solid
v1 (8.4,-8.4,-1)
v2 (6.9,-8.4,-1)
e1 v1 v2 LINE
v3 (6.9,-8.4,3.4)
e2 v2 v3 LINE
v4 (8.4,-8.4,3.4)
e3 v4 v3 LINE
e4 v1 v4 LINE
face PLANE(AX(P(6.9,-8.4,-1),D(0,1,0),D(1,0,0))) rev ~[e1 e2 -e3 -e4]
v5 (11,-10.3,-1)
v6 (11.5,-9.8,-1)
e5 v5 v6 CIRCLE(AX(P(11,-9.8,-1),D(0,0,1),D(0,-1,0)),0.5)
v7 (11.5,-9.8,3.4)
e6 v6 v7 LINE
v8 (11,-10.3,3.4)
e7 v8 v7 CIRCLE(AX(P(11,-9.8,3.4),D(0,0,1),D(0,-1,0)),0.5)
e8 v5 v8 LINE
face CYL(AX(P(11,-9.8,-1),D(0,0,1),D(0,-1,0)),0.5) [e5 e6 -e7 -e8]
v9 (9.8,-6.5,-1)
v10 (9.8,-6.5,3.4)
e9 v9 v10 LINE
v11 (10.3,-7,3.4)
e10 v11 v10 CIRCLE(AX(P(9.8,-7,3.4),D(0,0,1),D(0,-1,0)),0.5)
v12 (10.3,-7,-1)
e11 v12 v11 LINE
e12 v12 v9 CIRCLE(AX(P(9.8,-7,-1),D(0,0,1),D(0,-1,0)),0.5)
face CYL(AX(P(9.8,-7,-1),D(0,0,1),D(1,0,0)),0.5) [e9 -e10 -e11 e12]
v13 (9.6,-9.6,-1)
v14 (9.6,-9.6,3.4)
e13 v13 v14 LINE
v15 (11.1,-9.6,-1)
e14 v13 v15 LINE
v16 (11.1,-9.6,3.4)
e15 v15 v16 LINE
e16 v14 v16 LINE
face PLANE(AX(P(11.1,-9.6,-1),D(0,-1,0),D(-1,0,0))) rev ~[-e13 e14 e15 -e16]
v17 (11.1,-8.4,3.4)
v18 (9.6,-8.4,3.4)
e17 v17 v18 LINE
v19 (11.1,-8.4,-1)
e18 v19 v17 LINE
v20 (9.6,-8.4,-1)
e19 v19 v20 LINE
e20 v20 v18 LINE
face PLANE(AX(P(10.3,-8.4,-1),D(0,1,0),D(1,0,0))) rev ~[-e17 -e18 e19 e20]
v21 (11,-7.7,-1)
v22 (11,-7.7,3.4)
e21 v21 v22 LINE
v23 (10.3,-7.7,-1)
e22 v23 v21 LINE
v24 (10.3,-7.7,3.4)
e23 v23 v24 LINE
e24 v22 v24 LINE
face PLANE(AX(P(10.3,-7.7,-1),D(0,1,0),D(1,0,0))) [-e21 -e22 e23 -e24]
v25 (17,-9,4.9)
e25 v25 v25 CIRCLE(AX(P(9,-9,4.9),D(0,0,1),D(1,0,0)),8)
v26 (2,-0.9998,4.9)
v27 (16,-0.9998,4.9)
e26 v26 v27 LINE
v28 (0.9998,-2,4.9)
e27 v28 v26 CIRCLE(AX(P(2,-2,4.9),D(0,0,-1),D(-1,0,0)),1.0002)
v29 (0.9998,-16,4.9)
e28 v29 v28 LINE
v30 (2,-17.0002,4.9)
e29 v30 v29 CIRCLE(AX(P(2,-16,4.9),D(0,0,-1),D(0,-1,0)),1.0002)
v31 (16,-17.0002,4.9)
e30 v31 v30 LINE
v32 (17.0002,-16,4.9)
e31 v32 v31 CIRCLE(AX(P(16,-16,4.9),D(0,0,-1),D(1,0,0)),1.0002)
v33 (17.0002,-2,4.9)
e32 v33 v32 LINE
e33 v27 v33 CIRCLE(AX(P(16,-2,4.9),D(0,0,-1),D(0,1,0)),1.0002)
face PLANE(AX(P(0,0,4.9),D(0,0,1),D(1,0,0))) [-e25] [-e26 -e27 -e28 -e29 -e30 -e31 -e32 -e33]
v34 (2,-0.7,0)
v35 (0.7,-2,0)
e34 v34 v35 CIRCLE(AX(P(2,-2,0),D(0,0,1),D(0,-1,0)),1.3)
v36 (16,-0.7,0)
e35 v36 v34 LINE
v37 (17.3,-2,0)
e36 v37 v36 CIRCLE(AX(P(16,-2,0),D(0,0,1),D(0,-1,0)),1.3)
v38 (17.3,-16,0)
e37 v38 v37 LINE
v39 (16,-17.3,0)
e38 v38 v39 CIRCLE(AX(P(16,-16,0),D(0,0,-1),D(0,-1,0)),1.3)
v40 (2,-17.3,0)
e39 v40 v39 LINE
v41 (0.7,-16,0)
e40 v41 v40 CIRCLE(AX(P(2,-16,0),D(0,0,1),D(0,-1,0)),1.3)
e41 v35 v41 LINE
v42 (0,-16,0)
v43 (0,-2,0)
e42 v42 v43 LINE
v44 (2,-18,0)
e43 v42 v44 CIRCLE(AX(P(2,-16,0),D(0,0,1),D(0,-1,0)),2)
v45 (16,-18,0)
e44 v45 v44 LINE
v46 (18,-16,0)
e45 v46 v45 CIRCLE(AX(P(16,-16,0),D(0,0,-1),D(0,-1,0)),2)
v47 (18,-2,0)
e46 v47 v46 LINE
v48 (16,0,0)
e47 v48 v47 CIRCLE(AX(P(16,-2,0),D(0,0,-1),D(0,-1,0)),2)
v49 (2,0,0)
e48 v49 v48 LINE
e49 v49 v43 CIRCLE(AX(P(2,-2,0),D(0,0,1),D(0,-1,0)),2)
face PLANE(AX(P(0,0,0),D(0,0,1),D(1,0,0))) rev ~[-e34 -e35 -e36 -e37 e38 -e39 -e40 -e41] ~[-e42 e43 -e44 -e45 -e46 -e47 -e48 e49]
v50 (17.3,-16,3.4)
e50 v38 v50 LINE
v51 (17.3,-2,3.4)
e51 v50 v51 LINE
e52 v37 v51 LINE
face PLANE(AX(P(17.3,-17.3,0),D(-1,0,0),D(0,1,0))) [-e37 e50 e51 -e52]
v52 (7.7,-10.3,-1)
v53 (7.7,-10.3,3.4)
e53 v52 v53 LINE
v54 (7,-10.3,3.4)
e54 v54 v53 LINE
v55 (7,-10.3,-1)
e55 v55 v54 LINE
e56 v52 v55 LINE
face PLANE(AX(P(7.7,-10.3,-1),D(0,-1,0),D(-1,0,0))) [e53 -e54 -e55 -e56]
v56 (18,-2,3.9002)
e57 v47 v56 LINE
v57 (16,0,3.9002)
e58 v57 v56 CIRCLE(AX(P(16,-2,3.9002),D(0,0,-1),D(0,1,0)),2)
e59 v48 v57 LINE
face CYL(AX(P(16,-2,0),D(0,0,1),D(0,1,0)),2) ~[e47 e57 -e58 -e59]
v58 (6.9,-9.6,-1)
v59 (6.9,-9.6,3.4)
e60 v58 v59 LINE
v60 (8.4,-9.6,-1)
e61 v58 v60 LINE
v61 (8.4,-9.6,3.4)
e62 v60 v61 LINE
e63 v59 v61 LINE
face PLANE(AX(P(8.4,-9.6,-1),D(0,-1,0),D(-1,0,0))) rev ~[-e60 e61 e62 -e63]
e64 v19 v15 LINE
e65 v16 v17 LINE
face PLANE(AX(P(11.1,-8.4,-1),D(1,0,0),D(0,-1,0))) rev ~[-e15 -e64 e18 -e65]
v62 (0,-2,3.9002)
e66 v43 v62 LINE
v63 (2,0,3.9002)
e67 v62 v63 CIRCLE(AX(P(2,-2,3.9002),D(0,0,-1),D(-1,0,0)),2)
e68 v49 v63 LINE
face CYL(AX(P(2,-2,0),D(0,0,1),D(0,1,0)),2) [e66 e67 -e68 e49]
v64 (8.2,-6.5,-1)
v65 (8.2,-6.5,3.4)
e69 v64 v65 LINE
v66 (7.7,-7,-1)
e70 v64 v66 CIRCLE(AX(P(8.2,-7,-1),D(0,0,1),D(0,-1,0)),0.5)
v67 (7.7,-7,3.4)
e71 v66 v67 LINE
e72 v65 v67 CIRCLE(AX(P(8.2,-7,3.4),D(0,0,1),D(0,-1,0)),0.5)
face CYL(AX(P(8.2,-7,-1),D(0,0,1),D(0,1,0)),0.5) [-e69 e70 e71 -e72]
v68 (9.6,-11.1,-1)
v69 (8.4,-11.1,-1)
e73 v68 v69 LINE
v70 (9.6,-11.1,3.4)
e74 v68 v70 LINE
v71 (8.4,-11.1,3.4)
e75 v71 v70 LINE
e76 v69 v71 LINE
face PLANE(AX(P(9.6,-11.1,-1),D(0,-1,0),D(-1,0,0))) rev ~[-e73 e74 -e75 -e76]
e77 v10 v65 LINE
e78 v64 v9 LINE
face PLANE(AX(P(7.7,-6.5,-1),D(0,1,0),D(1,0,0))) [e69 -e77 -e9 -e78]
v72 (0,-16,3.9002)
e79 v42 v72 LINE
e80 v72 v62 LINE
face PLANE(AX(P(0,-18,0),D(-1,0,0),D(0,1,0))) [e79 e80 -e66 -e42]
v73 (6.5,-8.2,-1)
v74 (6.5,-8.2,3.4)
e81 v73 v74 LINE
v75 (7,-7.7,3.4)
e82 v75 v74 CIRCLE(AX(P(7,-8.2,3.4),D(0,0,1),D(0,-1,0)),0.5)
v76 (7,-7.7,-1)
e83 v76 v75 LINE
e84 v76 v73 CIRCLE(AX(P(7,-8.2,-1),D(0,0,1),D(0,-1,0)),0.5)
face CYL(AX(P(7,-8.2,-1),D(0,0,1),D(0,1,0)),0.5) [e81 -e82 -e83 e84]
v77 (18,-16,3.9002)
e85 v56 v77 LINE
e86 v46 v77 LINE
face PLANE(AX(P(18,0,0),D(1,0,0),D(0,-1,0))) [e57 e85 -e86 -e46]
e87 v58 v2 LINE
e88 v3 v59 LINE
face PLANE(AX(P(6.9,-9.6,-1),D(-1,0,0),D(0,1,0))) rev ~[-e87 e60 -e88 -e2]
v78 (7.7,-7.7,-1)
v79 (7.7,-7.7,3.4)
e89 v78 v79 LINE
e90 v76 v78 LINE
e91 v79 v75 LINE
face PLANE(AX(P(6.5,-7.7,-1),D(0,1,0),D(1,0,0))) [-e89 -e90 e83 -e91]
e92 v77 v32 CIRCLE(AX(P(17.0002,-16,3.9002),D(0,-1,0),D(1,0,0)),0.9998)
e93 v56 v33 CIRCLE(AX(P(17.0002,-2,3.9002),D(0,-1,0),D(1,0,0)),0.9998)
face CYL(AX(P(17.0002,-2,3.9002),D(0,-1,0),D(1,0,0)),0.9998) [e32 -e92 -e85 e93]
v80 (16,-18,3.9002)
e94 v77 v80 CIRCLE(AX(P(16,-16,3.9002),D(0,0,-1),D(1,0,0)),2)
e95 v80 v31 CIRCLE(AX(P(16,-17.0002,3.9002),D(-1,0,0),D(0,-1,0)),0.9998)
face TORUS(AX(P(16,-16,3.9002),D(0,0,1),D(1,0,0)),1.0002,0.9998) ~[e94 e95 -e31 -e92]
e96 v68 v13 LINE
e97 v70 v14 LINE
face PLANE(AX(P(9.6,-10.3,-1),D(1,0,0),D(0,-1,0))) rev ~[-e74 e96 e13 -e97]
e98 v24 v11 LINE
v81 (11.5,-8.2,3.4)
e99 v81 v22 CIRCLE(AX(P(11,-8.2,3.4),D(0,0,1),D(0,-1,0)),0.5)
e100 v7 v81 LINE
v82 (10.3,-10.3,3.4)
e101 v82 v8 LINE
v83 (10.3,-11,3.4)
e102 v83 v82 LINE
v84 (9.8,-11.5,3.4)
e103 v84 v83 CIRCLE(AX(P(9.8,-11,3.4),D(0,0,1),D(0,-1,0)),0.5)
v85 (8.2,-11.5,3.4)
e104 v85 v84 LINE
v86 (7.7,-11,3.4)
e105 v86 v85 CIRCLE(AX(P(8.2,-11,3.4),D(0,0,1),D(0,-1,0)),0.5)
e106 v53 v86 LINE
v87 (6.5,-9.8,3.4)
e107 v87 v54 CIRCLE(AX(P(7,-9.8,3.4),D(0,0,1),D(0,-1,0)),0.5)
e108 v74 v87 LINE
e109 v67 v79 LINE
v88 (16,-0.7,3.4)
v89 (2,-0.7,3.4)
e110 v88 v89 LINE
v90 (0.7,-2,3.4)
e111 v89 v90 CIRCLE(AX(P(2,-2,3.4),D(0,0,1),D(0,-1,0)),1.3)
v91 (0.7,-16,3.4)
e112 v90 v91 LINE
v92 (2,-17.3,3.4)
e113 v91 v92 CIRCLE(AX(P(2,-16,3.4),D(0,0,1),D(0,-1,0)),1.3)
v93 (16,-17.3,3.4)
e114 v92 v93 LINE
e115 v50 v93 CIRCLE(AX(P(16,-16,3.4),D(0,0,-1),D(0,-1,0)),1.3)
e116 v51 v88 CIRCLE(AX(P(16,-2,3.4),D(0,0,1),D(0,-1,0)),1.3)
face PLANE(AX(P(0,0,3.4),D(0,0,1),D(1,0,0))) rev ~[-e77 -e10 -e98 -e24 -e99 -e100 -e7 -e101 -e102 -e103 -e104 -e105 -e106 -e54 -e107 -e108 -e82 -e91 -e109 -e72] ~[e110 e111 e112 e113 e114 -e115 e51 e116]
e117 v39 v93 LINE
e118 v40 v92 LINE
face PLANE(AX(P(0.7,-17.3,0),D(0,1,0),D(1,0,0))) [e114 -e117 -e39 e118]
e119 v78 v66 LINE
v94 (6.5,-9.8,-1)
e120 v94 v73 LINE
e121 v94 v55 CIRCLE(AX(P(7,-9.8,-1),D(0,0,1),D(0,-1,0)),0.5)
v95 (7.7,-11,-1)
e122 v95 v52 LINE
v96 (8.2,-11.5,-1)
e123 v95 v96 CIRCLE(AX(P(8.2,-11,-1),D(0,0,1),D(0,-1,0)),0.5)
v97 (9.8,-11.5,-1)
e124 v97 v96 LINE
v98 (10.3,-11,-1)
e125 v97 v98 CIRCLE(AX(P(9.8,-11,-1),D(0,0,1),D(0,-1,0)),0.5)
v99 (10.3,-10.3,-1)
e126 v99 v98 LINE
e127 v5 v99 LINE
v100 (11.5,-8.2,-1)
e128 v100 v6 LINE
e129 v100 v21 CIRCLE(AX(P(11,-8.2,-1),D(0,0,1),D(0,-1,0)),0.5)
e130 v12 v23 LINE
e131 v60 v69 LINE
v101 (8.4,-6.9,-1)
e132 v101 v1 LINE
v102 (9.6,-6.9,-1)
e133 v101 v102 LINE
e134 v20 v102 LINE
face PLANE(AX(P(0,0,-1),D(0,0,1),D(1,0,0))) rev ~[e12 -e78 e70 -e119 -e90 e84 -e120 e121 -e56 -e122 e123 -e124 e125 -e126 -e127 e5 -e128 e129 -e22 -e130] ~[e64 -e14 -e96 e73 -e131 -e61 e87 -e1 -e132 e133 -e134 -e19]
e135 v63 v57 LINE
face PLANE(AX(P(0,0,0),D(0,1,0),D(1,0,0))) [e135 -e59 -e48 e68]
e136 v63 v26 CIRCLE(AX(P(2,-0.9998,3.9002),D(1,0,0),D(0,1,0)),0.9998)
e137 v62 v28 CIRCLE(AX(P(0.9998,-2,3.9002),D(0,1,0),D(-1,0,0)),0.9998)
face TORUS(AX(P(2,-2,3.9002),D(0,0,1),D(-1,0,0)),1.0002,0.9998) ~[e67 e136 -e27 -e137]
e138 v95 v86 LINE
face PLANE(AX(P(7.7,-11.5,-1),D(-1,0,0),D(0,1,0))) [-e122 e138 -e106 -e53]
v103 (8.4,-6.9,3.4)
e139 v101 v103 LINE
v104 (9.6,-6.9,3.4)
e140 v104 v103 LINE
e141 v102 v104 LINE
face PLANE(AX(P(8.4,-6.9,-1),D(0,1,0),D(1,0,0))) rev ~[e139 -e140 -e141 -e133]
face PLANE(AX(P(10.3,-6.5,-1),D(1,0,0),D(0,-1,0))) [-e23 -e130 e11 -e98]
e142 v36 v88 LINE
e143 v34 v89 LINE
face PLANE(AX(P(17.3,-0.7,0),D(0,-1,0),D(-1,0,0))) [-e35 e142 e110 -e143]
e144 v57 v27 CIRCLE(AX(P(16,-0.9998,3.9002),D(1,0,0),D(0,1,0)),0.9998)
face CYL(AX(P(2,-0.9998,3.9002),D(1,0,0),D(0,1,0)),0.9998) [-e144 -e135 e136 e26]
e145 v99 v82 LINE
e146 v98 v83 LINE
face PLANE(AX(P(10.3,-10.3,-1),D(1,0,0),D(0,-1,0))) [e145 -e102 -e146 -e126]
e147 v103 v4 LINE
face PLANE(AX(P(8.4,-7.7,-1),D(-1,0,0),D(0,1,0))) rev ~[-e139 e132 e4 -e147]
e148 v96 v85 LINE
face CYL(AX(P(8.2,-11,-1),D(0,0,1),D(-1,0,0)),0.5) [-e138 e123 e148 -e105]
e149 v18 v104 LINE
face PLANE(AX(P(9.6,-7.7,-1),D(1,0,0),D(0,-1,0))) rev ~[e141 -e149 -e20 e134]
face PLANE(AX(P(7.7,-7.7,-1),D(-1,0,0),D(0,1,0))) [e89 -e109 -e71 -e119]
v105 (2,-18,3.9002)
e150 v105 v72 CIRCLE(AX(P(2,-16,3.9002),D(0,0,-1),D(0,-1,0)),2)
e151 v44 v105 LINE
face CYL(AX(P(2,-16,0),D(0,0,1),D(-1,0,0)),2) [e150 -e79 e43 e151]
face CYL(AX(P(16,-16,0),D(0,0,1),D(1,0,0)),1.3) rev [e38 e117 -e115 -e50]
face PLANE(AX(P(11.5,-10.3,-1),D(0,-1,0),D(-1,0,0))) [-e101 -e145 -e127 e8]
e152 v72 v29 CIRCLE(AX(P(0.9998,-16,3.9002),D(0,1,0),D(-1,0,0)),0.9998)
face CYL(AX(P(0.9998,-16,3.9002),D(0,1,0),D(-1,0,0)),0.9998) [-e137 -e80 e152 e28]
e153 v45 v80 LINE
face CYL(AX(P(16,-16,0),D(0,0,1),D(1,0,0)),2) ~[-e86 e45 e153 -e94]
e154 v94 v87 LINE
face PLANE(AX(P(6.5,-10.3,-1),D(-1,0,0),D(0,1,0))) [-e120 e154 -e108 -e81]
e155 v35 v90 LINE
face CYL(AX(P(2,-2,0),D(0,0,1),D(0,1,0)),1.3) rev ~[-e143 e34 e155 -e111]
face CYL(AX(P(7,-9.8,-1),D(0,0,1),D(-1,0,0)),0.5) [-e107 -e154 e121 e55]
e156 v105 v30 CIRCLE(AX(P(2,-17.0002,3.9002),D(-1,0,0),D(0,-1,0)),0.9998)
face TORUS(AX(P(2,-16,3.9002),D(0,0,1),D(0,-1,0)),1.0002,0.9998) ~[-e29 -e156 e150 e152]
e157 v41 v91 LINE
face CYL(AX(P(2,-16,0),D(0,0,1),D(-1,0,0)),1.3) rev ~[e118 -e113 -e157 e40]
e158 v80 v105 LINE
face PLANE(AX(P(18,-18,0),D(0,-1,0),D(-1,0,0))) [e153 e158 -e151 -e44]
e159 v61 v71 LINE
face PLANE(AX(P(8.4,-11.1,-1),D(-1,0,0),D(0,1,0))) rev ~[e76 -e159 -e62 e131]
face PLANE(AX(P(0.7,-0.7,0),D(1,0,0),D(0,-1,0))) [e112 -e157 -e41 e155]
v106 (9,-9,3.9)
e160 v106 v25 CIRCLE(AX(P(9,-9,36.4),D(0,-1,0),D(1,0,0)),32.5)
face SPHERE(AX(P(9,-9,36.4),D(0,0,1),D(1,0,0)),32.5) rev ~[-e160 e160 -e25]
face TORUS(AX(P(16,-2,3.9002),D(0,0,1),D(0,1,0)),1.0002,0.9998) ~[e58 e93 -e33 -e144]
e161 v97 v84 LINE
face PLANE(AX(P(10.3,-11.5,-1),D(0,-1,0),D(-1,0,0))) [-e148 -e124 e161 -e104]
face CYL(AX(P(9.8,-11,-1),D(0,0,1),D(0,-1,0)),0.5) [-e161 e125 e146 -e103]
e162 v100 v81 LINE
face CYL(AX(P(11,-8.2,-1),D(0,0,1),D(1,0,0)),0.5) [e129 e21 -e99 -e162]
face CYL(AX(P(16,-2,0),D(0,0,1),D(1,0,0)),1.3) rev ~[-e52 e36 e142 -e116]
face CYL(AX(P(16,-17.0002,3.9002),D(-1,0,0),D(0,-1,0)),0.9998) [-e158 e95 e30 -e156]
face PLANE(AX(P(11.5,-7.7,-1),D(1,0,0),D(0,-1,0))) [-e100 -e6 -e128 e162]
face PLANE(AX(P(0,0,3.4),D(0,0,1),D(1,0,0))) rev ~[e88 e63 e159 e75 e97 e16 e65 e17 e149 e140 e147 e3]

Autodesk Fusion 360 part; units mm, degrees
sketch "Sketch1" plane through (0, 0, 0) normal (0, 0, 1) x (1, 0, 0)
  line L0 (0, 0) -> (18, 0)
  line L1 (18, 0) -> (18, -18)
  line L2 (18, -18) -> (0, -18)
  line L3 (0, -18) -> (0, 0)
  line L4 (11.5, -10.3) -> (6.5, -10.3)
  line L5 (6.5, -10.3) -> (6.5, -7.7)
  line L6 (6.5, -7.7) -> (11.5, -7.7)
  line L7 (11.5, -7.7) -> (11.5, -10.3)
  line L8 (11.5, -10.3) -> (6.5, -7.7) construction
  line L9 (6.5, -10.3) -> (11.5, -7.7) construction
  line L10 (11.1, -9.6) -> (6.9, -9.6)
  line L11 (6.9, -9.6) -> (6.9, -8.4)
  line L12 (6.9, -8.4) -> (11.1, -8.4)
  line L13 (11.1, -8.4) -> (11.1, -9.6)
  line L14 (11.1, -9.6) -> (6.9, -8.4) construction
  line L15 (6.9, -9.6) -> (11.1, -8.4) construction
  line L16 (7.7, -6.5) -> (10.3, -11.5) construction
  line L17 (8.4, -11.1) -> (9.6, -6.9) construction
  line L18 (7.7, -11.5) -> (10.3, -6.5) construction
  line L19 (7.7, -6.5) -> (10.3, -6.5)
  line L20 (8.4, -11.1) -> (8.4, -6.9)
  line L21 (7.7, -11.5) -> (7.7, -6.5)
  line L22 (8.4, -6.9) -> (9.6, -11.1) construction
  line L23 (10.3, -6.5) -> (10.3, -11.5)
  line L24 (10.3, -11.5) -> (7.7, -11.5)
  line L25 (9.6, -6.9) -> (9.6, -11.1)
  line L26 (9.6, -11.1) -> (8.4, -11.1)
  line L27 (8.4, -6.9) -> (9.6, -6.9)
  line L28 (17.3, -0.7) -> (0.7, -0.7)
  line L29 (0.7, -0.7) -> (0.7, -17.3)
  line L30 (0.7, -17.3) -> (17.3, -17.3)
  line L31 (17.3, -17.3) -> (17.3, -0.7)
  line L32 (17.3, -0.7) -> (0.7, -17.3) construction
  line L33 (0.7, -0.7) -> (17.3, -17.3) construction
  point P0 (9, -9)
  point P1 (9, -9)
  point P2 (9, -9)
  point P3 (9, -9)
  point P4 (9, -9)
  dimension "d1" = 18
  dimension "d2" = 18
  dimension "d9" = 5
  dimension "d10" = 2.6
  dimension "d11" = 4.2
  dimension "d12" = 1.2
  dimension "d13" = 5
  dimension "d14" = 2.6
  dimension "d15" = 4.2
  dimension "d16" = 1.2
  dimension "d21" = 16.6
  dimension "d22" = 16.6
extrude "Extrude1" add sketch "Sketch1" along normal blind 4.9 contours L0 L1 L2 L3 | L4 L6 L7 L10 L12 L13 L23 | L4 L20 L21 L23 L24 L25 L26 | L4 L10 L23 L25 | L4 L20 L25 L26 | L4 L10 L20 L25 | L10 L12 L13 L23 | L10 L12 L23 L25 | L6 L12 L23 L25 | L6 L19 L20 L21 L23 L25 L27 | L4 L10 L20 L21 | L10 L12 L20 L25 | L6 L12 L20 L25 | L6 L20 L25 L27 | L4 L5 L6 L10 L11 L12 L21 | L10 L12 L20 L21 | L6 L12 L20 L21 | L10 L11 L12 L21 | L28 L29 L30 L31
fillet "Fillet1" radius 2 4 edges at (18, -18, 2.45) (18, 0, 2.45) (0, 0, 2.45) (0, -18, 2.45)
extrude "Extrude2" cut sketch "Sketch1" along normal blind 3.4 contours L4 L6 L7 L10 L12 L13 L23 | L4 L20 L21 L23 L24 L25 L26 | L4 L10 L23 L25 | L4 L20 L25 L26 | L4 L10 L20 L25 | L10 L12 L13 L23 | L10 L12 L23 L25 | L6 L12 L23 L25 | L6 L19 L20 L21 L23 L25 L27 | L4 L10 L20 L21 | L10 L12 L20 L25 | L6 L12 L20 L25 | L6 L20 L25 L27 | L4 L5 L6 L10 L11 L12 L21 | L10 L12 L20 L21 | L6 L12 L20 L21 | L10 L11 L12 L21 | L28 L29 L30 L31
fillet "Fillet2" radius 1.3 4 edges at (17.3, -17.3, 1.7) (0.7, -17.3, 1.7) (0.7, -0.7, 1.7) (17.3, -0.7, 1.7)
extrude "Extrude3" add sketch "Sketch1" along normal blind 5 from surface at -1 contours L4 L6 L7 L10 L12 L13 L23 | L4 L20 L21 L23 L24 L25 L26 | L4 L10 L23 L25 | L6 L12 L23 L25 | L6 L19 L20 L21 L23 L25 L27 | L4 L10 L20 L21 | L4 L5 L6 L10 L11 L12 L21 | L6 L12 L20 L21
fillet "Fillet3" radius 0.5 8 edges at (10.3, -11.5, 1.2) (11.5, -10.3, 1.2) (11.5, -7.7, 1.2) (10.3, -6.5, 1.2) (7.7, -6.5, 1.2) (6.5, -7.7, 1.2) (6.5, -10.3, 1.2) (7.7, -11.5, 1.2)
ref_plane "WorkPlane1" through (0, 0, 36.4) normal (0, 0, 1) x (1, 0, 0)
sketch "Sketch2" plane through (0, 0, 36.4) normal (0, 0, 1) x (1, 0, 0)
  point P0 (9, -9)
sphere "SpherePrimitive1" cut diameter 65 placed x (1, 0, 0) y (0, 1, 0) z (0, 0, 1) at (9, -9, 36.4)
fillet "Fillet4" radius 1 8 edges at (17.4142, -17.4142, 4.9) (18, -9, 4.9) (17.4142, -0.5858, 4.9) (9, 0, 4.9) (0.5858, -0.5858, 4.9) (0, -9, 4.9) (0.5858, -17.4142, 4.9) (9, -18, 4.9)
equation "d21 = 18 mm - 1.4 mm"
equation "d22 = 18 mm - 1.4 mm"
equation "d23 = 4.9 mm - ( 4.9 mm - 3.4 mm )"
equation "d32 = 31.5 mm + 4.9 mm"
